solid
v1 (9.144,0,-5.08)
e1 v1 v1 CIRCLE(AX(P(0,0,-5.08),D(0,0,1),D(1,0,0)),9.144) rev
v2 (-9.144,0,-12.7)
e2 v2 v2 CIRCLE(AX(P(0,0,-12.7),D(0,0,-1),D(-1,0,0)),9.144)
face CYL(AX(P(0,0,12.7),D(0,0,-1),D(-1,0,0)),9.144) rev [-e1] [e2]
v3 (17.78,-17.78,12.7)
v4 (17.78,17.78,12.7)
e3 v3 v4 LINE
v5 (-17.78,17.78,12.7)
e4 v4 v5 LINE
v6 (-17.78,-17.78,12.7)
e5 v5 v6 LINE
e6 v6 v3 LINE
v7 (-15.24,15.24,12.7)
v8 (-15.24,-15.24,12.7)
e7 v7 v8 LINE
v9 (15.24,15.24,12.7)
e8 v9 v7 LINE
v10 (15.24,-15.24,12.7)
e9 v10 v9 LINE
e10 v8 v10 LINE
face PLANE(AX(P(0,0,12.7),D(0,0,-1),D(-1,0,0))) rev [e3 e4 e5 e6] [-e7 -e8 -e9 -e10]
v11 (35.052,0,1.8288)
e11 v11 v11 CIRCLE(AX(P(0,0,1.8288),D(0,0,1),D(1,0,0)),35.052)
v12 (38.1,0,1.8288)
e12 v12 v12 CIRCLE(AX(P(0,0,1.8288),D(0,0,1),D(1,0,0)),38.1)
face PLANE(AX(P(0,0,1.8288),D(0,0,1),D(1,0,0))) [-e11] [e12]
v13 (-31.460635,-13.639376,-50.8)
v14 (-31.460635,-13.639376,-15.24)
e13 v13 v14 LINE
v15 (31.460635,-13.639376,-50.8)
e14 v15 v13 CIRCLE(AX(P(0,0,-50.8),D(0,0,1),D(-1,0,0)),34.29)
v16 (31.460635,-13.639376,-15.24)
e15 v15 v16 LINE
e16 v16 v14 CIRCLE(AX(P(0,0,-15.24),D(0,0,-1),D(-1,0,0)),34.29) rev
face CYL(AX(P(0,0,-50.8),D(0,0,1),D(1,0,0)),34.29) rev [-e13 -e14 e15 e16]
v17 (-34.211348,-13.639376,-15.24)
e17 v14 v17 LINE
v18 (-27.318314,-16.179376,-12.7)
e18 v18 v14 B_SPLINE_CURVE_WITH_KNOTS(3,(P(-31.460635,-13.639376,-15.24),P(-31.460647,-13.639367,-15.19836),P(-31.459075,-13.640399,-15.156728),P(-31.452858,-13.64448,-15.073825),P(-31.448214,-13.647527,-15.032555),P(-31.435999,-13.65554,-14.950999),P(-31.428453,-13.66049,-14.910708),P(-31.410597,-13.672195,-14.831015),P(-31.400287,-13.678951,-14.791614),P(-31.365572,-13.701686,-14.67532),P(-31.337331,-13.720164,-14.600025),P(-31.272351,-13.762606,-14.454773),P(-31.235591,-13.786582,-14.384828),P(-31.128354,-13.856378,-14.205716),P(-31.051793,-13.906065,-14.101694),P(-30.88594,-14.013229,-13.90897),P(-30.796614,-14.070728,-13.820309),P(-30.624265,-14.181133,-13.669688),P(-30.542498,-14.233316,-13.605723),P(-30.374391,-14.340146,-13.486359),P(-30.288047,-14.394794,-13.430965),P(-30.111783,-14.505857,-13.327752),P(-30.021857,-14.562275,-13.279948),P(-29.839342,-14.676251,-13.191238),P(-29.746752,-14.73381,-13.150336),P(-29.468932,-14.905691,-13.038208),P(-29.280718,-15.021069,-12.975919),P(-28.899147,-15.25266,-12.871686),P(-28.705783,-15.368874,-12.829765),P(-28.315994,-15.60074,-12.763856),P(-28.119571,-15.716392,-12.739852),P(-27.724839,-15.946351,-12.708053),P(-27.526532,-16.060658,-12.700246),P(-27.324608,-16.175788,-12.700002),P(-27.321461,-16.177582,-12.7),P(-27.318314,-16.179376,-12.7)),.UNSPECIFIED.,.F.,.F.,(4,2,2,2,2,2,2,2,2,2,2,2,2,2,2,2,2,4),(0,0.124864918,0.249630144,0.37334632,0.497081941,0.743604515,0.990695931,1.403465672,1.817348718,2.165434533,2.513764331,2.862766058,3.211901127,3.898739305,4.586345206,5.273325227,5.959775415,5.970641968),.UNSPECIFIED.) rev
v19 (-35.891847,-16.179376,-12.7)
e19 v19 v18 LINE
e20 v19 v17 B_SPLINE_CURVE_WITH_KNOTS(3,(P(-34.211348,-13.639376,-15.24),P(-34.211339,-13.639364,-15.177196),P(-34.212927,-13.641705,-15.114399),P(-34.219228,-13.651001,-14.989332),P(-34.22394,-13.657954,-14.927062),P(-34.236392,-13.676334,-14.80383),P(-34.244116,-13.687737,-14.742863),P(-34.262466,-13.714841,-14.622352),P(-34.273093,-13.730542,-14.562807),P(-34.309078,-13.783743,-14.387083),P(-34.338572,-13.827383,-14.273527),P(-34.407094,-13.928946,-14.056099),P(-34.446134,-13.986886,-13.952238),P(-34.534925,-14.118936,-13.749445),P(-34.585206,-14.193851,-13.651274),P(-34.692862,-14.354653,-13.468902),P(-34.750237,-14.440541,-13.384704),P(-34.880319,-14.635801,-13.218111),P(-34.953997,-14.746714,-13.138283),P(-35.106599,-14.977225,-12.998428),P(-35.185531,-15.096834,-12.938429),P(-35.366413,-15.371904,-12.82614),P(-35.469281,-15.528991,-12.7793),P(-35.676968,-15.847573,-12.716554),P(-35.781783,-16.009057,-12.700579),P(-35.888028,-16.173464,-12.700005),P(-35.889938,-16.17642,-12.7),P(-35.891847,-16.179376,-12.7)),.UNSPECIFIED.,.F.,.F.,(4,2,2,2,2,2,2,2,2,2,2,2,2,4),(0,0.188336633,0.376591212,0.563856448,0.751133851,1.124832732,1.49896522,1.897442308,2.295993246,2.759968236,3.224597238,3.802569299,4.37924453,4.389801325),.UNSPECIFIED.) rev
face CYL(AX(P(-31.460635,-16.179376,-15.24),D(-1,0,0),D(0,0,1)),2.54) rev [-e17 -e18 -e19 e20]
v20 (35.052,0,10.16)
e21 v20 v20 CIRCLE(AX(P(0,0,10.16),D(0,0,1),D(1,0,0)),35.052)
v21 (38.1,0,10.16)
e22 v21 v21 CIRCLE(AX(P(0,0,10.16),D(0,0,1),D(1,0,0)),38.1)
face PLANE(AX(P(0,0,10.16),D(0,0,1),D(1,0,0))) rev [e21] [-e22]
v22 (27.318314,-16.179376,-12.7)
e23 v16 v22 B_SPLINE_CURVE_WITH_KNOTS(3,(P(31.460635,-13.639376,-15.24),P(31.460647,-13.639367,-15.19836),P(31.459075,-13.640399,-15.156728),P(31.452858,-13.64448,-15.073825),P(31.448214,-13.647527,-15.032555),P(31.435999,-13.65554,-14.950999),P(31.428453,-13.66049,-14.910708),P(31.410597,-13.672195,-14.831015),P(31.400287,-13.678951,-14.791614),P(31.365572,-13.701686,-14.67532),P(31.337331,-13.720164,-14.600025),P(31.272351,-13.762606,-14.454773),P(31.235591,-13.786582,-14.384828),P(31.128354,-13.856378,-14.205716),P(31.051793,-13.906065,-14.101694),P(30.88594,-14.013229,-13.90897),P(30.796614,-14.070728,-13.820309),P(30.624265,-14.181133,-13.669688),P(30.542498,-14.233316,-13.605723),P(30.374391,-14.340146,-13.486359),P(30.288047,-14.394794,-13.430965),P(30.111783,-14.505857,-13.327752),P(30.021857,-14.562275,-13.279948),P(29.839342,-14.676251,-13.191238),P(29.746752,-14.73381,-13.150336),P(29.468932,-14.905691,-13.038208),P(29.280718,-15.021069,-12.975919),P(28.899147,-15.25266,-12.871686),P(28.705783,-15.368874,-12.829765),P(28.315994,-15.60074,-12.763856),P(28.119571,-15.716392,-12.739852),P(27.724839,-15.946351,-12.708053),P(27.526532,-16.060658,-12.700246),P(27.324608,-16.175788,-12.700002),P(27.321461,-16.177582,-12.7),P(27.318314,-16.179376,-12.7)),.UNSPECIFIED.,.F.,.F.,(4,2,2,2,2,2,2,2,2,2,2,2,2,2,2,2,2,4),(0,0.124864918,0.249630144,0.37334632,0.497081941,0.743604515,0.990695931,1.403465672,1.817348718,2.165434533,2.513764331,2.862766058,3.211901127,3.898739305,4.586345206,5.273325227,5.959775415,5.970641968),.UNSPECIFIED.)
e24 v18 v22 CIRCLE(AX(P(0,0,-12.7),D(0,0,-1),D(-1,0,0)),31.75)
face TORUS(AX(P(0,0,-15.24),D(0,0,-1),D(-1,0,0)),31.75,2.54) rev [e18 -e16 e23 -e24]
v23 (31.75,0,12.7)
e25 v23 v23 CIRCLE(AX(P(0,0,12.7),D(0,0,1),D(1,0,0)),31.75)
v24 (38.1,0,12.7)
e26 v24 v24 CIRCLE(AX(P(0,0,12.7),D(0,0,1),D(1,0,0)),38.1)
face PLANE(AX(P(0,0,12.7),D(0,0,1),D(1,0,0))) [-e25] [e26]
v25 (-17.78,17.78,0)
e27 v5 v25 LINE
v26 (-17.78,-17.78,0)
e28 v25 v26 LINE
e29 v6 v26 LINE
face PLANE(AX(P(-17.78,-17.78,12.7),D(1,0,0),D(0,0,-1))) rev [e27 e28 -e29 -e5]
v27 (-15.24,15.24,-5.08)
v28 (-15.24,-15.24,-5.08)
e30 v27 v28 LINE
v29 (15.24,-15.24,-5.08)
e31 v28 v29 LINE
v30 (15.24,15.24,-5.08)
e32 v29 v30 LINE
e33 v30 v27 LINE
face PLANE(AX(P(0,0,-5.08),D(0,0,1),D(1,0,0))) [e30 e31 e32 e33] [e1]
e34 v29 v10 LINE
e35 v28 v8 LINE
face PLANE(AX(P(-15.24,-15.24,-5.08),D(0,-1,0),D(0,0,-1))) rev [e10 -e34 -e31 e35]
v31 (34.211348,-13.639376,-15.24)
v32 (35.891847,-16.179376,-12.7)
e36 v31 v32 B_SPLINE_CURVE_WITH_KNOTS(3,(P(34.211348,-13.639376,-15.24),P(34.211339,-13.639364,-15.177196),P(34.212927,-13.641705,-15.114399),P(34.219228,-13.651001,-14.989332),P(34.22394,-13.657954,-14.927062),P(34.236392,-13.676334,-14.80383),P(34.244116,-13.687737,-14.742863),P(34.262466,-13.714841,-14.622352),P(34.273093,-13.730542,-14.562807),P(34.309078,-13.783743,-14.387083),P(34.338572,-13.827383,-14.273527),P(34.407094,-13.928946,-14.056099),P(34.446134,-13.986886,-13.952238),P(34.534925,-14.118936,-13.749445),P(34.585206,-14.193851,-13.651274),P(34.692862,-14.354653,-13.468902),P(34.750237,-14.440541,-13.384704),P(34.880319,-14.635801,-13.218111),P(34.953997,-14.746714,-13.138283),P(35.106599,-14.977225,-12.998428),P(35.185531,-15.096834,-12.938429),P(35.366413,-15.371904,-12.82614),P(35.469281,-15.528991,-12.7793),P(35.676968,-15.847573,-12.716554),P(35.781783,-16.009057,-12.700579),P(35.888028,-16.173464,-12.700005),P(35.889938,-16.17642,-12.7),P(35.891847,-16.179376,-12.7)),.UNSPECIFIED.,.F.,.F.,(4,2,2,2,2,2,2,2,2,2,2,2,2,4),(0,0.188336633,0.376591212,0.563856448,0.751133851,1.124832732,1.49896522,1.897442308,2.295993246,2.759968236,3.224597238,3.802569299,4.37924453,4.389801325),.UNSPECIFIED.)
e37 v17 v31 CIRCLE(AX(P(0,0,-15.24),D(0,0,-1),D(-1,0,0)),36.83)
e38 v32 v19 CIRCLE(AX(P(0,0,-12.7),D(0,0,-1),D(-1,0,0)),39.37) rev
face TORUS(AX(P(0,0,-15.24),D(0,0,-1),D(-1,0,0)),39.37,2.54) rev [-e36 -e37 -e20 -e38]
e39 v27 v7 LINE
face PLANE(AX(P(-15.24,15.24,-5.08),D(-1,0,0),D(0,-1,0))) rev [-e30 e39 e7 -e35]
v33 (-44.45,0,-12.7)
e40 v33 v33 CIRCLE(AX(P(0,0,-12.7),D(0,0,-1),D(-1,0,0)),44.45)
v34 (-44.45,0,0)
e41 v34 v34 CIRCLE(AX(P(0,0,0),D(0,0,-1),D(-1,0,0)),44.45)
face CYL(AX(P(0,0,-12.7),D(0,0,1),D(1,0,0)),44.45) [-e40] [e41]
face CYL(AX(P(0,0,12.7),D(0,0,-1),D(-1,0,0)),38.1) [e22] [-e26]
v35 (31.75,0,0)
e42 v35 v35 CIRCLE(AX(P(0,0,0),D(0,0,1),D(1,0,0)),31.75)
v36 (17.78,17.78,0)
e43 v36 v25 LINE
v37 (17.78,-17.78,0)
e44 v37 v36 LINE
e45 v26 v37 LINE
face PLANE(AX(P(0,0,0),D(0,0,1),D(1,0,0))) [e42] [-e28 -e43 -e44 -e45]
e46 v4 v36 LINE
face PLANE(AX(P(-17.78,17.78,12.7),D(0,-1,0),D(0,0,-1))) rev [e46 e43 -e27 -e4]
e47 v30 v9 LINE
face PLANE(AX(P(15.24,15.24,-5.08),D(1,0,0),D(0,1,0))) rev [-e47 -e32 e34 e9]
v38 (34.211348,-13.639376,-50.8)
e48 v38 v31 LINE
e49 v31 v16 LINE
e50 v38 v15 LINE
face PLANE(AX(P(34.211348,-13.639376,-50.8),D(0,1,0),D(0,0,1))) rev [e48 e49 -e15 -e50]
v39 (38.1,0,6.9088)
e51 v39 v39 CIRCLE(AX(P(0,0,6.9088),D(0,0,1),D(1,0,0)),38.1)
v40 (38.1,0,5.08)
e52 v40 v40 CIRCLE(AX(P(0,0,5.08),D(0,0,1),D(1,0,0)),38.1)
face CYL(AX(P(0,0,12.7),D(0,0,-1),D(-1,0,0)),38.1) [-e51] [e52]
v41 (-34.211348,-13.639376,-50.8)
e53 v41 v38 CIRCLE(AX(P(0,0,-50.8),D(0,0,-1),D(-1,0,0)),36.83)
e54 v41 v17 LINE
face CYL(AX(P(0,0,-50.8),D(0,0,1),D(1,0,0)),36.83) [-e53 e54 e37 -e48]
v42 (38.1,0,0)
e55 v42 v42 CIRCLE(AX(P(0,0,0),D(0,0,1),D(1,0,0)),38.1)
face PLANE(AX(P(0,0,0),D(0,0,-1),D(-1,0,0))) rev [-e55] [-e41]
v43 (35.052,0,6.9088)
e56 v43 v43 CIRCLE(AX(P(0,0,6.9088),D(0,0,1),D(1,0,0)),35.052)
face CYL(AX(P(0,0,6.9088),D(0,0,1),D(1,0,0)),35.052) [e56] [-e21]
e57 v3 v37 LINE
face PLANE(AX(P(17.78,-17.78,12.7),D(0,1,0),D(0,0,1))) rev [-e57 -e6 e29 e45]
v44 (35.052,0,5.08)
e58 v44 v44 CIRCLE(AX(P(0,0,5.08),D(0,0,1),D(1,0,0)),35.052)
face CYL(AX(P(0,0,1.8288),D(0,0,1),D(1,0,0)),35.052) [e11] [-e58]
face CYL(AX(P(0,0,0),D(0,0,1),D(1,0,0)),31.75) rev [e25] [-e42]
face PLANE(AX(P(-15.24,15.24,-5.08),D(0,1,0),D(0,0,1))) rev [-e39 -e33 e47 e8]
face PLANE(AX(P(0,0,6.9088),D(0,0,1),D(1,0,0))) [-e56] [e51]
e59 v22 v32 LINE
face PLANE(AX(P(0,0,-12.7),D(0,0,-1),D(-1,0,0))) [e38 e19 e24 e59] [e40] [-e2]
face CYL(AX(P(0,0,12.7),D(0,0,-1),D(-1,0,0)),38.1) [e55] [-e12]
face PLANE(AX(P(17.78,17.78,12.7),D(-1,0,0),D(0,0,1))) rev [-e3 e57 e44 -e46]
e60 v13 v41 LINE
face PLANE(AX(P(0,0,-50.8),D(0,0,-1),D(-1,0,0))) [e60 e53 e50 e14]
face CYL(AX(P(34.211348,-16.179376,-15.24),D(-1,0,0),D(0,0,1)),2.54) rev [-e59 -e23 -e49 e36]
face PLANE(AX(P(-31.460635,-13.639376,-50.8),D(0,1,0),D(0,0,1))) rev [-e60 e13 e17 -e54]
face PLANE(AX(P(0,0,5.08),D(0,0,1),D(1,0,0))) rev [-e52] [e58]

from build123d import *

# Parameters (mm, degrees)
SKETCH1_R           = 38.1
BOSS_EXTRUDE1_DEPTH = 12.7
SKETCH3_R           = 44.45
BOSS_EXTRUDE2_DEPTH = 12.7
SKETCH4_R           = 9.144
CUT_EXTRUDE1_DEPTH  = 26.4
SKETCH5_W           = 30.48
SKETCH5_H           = 30.48
CUT_EXTRUDE2_DEPTH  = 17.78
SKETCH6_R           = 31.75
CUT_EXTRUDE3_DEPTH  = 12.7
BOSS_EXTRUDE3_DEPTH = 38.1
CUT_EXTRUDE4_START  = -2.54
SKETCH8_R           = 38.1
SKETCH8_R_2         = 35.052
CUT_EXTRUDE4_DEPTH  = 3.2512
CUT_EXTRUDE5_START  = -7.62
SKETCH9_R           = 38.1
SKETCH9_R_2         = 35.052
CUT_EXTRUDE5_DEPTH  = 3.2512
FILLET1_R           = 2.54
SKETCH10_W          = 35.56
SKETCH10_H          = 35.56
SKETCH10_W_2        = 30.48
SKETCH10_H_2        = 30.48
BOSS_EXTRUDE4_DEPTH = 12.7


with BuildPart() as part:
    # Sketch1 → Boss-Extrude1 (new body)
    with BuildSketch(Plane.XY):
        Circle(SKETCH1_R)
    extrude(amount=BOSS_EXTRUDE1_DEPTH)

    # Sketch3 → Boss-Extrude2 (add)
    with BuildSketch(Plane(origin=(0, 0, 0), x_dir=(-1, 0, 0), z_dir=(0, 0, -1))):
        Circle(SKETCH3_R)
    extrude(amount=BOSS_EXTRUDE2_DEPTH)

    # Sketch4 → Cut-Extrude1 (cut, through all)
    with BuildSketch(Plane(origin=(0, 0, -12.7), x_dir=(-1, 0, 0), z_dir=(0, 0, -1))):
        Circle(SKETCH4_R)
    extrude(amount=-CUT_EXTRUDE1_DEPTH, mode=Mode.SUBTRACT)

    # Sketch5 → Cut-Extrude2 (cut)
    with BuildSketch(Plane.XY.offset(12.7)):
        Rectangle(SKETCH5_W, SKETCH5_H)
    extrude(amount=-CUT_EXTRUDE2_DEPTH, mode=Mode.SUBTRACT)

    # Sketch6 → Cut-Extrude3 (cut)
    with BuildSketch(Plane.XY.offset(12.7)):
        Circle(SKETCH6_R)
    extrude(amount=-CUT_EXTRUDE3_DEPTH, mode=Mode.SUBTRACT)

    # Sketch7 → Boss-Extrude3 (add)
    with BuildSketch(Plane(origin=(0, 0, -12.7), x_dir=(-1, 0, 0), z_dir=(0, 0, -1))):
        with BuildLine():
            Line((-34.21134801, -13.639375622), (-31.460634651, -13.639375622))
            ThreePointArc((-31.460634651, -13.639375622), (0, 34.29), (31.460634651, -13.639375622))
            Line((31.460634651, -13.639375622), (34.21134801, -13.639375622))
            ThreePointArc((34.21134801, -13.639375622), (0, 36.83), (-34.21134801, -13.639375622))
        make_face()
    extrude(amount=BOSS_EXTRUDE3_DEPTH)

    # Sketch8 → Cut-Extrude4 (cut)
    with BuildSketch(Plane.XY.offset(12.7).offset(CUT_EXTRUDE4_START)):
        Circle(SKETCH8_R)
        Circle(SKETCH8_R_2, mode=Mode.SUBTRACT)
    extrude(amount=-CUT_EXTRUDE4_DEPTH, mode=Mode.SUBTRACT)

    # Sketch9 → Cut-Extrude5 (cut)
    with BuildSketch(Plane.XY.offset(12.7).offset(CUT_EXTRUDE5_START)):
        Circle(SKETCH9_R)
        Circle(SKETCH9_R_2, mode=Mode.SUBTRACT)
    extrude(amount=-CUT_EXTRUDE5_DEPTH, mode=Mode.SUBTRACT)

    # Fillet1
    fillet1_edges = [part.edges().sort_by_distance(p)[0] for p in [
        (0, 36.83, -12.7),
        (32.835991331, -13.639375622, -12.7),
        (0, 34.29, -12.7),
        (-32.835991331, -13.639375622, -12.7),
    ]]
    fillet(fillet1_edges, radius=FILLET1_R)

    # Sketch10 → Boss-Extrude4 (add)
    with BuildSketch(Plane.XY):
        Rectangle(SKETCH10_W, SKETCH10_H)
        Rectangle(SKETCH10_W_2, SKETCH10_H_2, mode=Mode.SUBTRACT)
    extrude(amount=BOSS_EXTRUDE4_DEPTH)


solid = part.part
